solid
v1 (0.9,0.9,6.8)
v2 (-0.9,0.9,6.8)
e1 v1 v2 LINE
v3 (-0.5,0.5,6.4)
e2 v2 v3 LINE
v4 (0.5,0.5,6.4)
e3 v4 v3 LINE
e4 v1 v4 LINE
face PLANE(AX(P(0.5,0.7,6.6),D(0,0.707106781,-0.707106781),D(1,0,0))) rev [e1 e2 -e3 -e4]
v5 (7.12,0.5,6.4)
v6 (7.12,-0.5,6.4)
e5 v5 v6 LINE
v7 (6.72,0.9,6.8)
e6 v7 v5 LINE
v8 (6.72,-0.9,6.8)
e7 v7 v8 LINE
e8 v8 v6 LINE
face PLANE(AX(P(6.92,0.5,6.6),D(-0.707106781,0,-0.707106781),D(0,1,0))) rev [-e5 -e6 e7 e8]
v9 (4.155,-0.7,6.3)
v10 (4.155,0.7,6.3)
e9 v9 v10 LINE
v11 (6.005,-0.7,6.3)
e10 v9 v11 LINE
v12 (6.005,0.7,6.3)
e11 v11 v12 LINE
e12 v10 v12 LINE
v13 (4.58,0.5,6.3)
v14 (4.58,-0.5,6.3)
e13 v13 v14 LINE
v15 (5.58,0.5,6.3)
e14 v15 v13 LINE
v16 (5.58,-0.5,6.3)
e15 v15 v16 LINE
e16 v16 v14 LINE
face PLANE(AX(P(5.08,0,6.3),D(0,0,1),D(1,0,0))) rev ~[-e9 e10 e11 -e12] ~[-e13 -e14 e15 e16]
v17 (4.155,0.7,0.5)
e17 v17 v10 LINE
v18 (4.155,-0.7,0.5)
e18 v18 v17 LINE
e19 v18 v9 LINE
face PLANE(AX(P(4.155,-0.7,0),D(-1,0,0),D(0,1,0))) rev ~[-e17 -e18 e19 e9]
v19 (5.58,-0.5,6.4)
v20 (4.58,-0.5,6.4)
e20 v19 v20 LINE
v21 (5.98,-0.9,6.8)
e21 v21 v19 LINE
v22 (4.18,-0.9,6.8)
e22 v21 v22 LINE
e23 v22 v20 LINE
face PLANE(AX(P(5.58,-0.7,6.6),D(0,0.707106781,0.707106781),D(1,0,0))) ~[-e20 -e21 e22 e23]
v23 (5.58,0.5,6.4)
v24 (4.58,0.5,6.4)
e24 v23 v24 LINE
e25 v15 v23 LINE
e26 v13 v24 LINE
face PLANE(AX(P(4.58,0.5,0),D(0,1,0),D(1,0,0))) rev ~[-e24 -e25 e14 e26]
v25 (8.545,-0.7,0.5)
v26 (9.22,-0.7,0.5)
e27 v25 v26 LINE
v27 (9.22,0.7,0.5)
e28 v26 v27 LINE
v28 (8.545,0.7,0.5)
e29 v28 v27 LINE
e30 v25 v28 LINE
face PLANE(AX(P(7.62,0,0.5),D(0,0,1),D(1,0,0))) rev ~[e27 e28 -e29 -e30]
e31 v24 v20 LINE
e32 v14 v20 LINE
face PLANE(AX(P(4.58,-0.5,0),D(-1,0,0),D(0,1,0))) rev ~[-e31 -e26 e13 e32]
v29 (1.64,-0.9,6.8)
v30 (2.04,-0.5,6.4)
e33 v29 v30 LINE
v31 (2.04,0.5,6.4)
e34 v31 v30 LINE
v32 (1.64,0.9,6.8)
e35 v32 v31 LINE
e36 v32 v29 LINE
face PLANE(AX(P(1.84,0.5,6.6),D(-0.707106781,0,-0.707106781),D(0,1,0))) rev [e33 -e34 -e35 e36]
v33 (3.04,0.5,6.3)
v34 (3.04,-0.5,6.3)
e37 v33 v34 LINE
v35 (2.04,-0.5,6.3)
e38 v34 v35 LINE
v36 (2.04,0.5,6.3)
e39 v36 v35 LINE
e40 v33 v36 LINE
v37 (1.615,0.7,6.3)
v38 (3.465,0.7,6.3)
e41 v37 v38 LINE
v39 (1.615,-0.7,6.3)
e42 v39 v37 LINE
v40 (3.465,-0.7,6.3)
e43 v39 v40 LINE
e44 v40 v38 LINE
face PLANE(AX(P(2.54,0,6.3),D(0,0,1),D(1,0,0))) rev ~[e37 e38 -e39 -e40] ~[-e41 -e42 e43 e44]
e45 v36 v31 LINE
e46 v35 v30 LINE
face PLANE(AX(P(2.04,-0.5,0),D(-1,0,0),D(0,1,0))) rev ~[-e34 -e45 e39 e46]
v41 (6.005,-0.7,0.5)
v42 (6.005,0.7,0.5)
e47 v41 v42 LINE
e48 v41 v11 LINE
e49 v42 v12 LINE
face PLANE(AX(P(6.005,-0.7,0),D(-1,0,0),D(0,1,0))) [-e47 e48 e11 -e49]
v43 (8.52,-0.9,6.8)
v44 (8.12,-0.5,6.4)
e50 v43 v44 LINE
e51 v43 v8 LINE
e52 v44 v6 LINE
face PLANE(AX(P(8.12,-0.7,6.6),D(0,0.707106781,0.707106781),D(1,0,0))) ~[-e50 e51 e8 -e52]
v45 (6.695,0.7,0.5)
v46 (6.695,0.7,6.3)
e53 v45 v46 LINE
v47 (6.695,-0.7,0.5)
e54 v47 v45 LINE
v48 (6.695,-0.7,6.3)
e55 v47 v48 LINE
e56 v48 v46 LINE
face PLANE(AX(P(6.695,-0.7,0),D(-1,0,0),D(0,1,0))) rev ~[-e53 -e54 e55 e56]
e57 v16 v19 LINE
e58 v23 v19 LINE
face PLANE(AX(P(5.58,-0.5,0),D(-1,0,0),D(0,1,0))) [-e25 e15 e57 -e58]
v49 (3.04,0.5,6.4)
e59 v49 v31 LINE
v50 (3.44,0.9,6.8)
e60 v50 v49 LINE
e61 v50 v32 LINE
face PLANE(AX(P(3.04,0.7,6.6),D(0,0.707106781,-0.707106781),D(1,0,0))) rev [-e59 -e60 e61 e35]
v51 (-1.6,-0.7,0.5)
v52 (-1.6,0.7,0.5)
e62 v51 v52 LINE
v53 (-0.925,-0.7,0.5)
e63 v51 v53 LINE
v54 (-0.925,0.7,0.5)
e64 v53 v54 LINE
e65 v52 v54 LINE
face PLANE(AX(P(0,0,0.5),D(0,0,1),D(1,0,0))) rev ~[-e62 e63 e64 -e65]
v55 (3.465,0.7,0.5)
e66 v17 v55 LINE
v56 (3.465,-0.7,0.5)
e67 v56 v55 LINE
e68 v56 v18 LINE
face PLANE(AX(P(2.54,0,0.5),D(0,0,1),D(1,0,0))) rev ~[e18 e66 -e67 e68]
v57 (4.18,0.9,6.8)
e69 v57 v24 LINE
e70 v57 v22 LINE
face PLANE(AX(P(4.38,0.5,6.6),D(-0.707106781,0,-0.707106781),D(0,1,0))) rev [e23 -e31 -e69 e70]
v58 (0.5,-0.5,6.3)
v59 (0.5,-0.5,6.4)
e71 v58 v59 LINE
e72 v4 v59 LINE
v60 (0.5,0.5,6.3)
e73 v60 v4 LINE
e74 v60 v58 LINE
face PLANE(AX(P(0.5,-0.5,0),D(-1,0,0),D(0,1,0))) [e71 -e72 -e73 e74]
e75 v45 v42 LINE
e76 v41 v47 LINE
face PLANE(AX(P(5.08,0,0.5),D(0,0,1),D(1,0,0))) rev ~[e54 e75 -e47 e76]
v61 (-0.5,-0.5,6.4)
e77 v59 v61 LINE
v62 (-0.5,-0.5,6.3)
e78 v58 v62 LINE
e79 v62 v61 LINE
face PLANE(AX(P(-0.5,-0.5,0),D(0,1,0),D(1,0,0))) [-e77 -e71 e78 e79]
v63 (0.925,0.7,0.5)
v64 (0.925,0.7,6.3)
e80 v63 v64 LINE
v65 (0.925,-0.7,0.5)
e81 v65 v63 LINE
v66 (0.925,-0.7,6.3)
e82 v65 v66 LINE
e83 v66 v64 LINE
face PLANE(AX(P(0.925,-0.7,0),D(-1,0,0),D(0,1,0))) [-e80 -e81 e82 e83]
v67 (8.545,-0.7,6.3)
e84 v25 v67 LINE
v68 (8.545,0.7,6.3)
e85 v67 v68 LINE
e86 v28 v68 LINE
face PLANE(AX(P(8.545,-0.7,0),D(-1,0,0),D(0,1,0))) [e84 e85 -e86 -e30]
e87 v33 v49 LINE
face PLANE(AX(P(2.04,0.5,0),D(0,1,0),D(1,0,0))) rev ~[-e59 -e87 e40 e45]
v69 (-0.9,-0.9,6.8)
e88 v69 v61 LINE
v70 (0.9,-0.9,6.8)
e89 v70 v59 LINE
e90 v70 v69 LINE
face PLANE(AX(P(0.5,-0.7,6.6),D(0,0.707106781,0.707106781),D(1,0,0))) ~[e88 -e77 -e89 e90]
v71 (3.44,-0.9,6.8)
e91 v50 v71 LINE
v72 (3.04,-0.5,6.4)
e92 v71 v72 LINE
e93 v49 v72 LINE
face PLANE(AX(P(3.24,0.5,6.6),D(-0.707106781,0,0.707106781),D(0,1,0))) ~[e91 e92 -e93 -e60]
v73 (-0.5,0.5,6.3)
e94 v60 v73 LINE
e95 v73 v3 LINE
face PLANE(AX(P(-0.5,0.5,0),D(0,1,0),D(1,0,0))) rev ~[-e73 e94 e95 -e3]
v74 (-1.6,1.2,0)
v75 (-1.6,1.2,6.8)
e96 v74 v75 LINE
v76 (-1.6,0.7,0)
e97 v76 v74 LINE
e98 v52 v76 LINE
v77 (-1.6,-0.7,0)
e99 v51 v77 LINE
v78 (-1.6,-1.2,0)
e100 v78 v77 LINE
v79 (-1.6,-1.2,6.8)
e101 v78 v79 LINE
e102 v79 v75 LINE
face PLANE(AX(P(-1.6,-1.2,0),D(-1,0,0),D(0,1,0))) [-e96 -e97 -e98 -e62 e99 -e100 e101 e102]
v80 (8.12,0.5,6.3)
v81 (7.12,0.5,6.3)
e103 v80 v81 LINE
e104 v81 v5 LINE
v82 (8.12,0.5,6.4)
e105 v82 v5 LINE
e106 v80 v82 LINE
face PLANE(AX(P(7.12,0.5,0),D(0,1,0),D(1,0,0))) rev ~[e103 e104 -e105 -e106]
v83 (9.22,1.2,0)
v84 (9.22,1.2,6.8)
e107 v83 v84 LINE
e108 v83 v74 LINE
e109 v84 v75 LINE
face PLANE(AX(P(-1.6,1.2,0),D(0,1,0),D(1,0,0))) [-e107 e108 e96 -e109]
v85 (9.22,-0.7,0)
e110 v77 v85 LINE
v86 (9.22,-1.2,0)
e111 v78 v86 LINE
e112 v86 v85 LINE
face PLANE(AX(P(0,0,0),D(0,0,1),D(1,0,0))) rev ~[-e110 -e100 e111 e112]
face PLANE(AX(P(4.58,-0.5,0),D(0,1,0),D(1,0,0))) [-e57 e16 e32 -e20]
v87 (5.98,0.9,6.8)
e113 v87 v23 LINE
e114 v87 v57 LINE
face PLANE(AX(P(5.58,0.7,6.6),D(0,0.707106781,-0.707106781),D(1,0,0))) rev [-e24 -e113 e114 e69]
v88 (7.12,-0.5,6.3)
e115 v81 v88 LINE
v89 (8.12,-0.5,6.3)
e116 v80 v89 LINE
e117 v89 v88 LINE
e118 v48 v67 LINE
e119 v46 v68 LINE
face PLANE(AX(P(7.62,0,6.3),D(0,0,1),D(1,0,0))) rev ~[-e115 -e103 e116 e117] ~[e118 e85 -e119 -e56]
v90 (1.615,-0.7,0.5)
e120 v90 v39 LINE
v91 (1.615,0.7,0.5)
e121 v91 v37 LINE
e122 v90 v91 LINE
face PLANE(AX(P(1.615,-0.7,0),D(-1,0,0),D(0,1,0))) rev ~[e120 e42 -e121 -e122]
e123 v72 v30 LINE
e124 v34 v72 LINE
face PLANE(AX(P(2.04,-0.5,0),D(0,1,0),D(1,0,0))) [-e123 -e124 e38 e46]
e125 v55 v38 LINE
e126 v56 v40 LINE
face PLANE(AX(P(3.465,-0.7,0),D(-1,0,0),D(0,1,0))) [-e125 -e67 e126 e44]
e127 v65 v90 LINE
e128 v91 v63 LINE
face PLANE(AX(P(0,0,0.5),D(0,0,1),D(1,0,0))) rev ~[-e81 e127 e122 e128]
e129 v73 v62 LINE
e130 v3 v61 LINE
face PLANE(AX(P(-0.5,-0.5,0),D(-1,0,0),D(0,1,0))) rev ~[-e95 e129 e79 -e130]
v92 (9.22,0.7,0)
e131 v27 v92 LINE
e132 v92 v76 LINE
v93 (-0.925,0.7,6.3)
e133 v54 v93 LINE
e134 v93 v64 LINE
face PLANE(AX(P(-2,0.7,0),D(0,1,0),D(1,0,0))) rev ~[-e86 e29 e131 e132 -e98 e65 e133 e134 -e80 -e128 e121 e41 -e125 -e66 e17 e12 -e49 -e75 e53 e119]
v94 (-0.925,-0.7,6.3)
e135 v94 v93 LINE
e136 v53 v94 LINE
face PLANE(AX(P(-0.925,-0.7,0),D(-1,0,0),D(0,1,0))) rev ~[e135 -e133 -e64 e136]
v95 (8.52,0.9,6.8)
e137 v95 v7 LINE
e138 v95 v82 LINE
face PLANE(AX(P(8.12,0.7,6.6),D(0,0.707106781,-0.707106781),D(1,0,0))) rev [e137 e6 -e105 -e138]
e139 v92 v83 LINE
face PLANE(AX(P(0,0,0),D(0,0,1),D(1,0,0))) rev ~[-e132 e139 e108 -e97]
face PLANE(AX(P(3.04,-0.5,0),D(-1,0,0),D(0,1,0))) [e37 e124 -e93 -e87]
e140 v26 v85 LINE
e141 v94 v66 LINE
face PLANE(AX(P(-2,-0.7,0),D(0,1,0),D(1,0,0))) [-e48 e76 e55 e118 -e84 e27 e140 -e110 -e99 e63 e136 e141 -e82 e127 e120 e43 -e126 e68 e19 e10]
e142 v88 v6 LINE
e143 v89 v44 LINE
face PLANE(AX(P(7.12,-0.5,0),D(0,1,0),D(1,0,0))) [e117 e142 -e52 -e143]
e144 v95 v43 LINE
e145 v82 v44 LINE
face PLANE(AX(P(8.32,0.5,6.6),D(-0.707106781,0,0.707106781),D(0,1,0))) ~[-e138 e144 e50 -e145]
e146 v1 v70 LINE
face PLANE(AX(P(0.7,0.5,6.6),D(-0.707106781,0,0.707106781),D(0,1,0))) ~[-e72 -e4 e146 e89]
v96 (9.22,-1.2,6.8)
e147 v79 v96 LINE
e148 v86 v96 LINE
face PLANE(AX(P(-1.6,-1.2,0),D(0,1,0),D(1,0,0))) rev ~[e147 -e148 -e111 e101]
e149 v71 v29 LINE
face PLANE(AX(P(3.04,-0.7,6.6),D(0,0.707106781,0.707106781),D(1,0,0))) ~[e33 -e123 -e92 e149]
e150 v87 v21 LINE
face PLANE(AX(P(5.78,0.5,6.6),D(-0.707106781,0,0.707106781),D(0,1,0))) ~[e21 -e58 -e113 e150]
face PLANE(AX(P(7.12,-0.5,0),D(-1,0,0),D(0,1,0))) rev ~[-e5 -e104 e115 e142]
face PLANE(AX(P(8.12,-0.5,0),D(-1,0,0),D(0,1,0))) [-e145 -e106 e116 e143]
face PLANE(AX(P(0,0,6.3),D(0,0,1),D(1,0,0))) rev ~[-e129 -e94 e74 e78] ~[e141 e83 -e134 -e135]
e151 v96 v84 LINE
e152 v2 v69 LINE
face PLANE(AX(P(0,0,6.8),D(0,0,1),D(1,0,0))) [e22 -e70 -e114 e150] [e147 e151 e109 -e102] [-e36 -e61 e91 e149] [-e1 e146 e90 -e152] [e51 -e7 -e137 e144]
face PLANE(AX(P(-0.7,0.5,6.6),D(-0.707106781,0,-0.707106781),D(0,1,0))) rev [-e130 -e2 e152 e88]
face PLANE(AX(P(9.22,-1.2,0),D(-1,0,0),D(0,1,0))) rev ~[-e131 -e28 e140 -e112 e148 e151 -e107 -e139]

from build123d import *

# Parameters (mm, degrees)
SKETCH007_W      = 1
SKETCH007_H      = 1
EXTRUDE007_DEPTH = 9
SKETCH008_W      = 4
SKETCH008_H      = 1.4
EXTRUDE008_DEPTH = 0.5
SKETCH006_W      = 1.85
SKETCH006_H      = 1.4
EXTRUDE006_DEPTH = 6.3
SKETCH005_W      = 3.2
SKETCH005_H      = 2.4
EXTRUDE005_DEPTH = 6.8
CHAMFER001_SIZE  = 0.4
ARRAY003_X_COUNT = 4
ARRAY003_X_PITCH = 2.54


with BuildPart() as extrude007:
    # Sketch007 → Extrude007 (new body)
    with BuildSketch(Plane.XY):
        Rectangle(SKETCH007_W, SKETCH007_H)
    extrude(amount=EXTRUDE007_DEPTH)


with BuildPart() as extrude008:
    # Sketch008 → Extrude008 (new body)
    with BuildSketch(Plane.XY):
        Rectangle(SKETCH008_W, SKETCH008_H)
    extrude(amount=EXTRUDE008_DEPTH)


with BuildPart() as fusion002:
    # Sketch006 → Extrude006 (new body)
    with BuildSketch(Plane.XY):
        Rectangle(SKETCH006_W, SKETCH006_H)
    extrude(amount=EXTRUDE006_DEPTH)

    # Fusion002: union Extrude007, Extrude008
    add(extrude007.part)
    add(extrude008.part)


with BuildPart() as body001:
    # Sketch005 → Extrude005 (new body)
    with BuildSketch(Plane.XY):
        Rectangle(SKETCH005_W, SKETCH005_H)
    extrude(amount=EXTRUDE005_DEPTH)

    # Cut002: cut Fusion002
    add(fusion002.part, mode=Mode.SUBTRACT)

    # Chamfer001
    chamfer001_edges = [body001.edges().sort_by_distance(p)[0] for p in [
        (0.5, 0, 6.8),
        (0, 0.5, 6.8),
        (-0.5, 0, 6.8),
        (0, -0.5, 6.8),
    ]]
    chamfer(chamfer001_edges, length=CHAMFER001_SIZE)

    # Array003 X: body001 ×4


with BuildPart() as body001_1:
    add(body001.part)
    with Locations(*[(i * ARRAY003_X_PITCH, 0, 0) for i in range(1, ARRAY003_X_COUNT)]):
        add(body001.part)


solid = body001_1.part
